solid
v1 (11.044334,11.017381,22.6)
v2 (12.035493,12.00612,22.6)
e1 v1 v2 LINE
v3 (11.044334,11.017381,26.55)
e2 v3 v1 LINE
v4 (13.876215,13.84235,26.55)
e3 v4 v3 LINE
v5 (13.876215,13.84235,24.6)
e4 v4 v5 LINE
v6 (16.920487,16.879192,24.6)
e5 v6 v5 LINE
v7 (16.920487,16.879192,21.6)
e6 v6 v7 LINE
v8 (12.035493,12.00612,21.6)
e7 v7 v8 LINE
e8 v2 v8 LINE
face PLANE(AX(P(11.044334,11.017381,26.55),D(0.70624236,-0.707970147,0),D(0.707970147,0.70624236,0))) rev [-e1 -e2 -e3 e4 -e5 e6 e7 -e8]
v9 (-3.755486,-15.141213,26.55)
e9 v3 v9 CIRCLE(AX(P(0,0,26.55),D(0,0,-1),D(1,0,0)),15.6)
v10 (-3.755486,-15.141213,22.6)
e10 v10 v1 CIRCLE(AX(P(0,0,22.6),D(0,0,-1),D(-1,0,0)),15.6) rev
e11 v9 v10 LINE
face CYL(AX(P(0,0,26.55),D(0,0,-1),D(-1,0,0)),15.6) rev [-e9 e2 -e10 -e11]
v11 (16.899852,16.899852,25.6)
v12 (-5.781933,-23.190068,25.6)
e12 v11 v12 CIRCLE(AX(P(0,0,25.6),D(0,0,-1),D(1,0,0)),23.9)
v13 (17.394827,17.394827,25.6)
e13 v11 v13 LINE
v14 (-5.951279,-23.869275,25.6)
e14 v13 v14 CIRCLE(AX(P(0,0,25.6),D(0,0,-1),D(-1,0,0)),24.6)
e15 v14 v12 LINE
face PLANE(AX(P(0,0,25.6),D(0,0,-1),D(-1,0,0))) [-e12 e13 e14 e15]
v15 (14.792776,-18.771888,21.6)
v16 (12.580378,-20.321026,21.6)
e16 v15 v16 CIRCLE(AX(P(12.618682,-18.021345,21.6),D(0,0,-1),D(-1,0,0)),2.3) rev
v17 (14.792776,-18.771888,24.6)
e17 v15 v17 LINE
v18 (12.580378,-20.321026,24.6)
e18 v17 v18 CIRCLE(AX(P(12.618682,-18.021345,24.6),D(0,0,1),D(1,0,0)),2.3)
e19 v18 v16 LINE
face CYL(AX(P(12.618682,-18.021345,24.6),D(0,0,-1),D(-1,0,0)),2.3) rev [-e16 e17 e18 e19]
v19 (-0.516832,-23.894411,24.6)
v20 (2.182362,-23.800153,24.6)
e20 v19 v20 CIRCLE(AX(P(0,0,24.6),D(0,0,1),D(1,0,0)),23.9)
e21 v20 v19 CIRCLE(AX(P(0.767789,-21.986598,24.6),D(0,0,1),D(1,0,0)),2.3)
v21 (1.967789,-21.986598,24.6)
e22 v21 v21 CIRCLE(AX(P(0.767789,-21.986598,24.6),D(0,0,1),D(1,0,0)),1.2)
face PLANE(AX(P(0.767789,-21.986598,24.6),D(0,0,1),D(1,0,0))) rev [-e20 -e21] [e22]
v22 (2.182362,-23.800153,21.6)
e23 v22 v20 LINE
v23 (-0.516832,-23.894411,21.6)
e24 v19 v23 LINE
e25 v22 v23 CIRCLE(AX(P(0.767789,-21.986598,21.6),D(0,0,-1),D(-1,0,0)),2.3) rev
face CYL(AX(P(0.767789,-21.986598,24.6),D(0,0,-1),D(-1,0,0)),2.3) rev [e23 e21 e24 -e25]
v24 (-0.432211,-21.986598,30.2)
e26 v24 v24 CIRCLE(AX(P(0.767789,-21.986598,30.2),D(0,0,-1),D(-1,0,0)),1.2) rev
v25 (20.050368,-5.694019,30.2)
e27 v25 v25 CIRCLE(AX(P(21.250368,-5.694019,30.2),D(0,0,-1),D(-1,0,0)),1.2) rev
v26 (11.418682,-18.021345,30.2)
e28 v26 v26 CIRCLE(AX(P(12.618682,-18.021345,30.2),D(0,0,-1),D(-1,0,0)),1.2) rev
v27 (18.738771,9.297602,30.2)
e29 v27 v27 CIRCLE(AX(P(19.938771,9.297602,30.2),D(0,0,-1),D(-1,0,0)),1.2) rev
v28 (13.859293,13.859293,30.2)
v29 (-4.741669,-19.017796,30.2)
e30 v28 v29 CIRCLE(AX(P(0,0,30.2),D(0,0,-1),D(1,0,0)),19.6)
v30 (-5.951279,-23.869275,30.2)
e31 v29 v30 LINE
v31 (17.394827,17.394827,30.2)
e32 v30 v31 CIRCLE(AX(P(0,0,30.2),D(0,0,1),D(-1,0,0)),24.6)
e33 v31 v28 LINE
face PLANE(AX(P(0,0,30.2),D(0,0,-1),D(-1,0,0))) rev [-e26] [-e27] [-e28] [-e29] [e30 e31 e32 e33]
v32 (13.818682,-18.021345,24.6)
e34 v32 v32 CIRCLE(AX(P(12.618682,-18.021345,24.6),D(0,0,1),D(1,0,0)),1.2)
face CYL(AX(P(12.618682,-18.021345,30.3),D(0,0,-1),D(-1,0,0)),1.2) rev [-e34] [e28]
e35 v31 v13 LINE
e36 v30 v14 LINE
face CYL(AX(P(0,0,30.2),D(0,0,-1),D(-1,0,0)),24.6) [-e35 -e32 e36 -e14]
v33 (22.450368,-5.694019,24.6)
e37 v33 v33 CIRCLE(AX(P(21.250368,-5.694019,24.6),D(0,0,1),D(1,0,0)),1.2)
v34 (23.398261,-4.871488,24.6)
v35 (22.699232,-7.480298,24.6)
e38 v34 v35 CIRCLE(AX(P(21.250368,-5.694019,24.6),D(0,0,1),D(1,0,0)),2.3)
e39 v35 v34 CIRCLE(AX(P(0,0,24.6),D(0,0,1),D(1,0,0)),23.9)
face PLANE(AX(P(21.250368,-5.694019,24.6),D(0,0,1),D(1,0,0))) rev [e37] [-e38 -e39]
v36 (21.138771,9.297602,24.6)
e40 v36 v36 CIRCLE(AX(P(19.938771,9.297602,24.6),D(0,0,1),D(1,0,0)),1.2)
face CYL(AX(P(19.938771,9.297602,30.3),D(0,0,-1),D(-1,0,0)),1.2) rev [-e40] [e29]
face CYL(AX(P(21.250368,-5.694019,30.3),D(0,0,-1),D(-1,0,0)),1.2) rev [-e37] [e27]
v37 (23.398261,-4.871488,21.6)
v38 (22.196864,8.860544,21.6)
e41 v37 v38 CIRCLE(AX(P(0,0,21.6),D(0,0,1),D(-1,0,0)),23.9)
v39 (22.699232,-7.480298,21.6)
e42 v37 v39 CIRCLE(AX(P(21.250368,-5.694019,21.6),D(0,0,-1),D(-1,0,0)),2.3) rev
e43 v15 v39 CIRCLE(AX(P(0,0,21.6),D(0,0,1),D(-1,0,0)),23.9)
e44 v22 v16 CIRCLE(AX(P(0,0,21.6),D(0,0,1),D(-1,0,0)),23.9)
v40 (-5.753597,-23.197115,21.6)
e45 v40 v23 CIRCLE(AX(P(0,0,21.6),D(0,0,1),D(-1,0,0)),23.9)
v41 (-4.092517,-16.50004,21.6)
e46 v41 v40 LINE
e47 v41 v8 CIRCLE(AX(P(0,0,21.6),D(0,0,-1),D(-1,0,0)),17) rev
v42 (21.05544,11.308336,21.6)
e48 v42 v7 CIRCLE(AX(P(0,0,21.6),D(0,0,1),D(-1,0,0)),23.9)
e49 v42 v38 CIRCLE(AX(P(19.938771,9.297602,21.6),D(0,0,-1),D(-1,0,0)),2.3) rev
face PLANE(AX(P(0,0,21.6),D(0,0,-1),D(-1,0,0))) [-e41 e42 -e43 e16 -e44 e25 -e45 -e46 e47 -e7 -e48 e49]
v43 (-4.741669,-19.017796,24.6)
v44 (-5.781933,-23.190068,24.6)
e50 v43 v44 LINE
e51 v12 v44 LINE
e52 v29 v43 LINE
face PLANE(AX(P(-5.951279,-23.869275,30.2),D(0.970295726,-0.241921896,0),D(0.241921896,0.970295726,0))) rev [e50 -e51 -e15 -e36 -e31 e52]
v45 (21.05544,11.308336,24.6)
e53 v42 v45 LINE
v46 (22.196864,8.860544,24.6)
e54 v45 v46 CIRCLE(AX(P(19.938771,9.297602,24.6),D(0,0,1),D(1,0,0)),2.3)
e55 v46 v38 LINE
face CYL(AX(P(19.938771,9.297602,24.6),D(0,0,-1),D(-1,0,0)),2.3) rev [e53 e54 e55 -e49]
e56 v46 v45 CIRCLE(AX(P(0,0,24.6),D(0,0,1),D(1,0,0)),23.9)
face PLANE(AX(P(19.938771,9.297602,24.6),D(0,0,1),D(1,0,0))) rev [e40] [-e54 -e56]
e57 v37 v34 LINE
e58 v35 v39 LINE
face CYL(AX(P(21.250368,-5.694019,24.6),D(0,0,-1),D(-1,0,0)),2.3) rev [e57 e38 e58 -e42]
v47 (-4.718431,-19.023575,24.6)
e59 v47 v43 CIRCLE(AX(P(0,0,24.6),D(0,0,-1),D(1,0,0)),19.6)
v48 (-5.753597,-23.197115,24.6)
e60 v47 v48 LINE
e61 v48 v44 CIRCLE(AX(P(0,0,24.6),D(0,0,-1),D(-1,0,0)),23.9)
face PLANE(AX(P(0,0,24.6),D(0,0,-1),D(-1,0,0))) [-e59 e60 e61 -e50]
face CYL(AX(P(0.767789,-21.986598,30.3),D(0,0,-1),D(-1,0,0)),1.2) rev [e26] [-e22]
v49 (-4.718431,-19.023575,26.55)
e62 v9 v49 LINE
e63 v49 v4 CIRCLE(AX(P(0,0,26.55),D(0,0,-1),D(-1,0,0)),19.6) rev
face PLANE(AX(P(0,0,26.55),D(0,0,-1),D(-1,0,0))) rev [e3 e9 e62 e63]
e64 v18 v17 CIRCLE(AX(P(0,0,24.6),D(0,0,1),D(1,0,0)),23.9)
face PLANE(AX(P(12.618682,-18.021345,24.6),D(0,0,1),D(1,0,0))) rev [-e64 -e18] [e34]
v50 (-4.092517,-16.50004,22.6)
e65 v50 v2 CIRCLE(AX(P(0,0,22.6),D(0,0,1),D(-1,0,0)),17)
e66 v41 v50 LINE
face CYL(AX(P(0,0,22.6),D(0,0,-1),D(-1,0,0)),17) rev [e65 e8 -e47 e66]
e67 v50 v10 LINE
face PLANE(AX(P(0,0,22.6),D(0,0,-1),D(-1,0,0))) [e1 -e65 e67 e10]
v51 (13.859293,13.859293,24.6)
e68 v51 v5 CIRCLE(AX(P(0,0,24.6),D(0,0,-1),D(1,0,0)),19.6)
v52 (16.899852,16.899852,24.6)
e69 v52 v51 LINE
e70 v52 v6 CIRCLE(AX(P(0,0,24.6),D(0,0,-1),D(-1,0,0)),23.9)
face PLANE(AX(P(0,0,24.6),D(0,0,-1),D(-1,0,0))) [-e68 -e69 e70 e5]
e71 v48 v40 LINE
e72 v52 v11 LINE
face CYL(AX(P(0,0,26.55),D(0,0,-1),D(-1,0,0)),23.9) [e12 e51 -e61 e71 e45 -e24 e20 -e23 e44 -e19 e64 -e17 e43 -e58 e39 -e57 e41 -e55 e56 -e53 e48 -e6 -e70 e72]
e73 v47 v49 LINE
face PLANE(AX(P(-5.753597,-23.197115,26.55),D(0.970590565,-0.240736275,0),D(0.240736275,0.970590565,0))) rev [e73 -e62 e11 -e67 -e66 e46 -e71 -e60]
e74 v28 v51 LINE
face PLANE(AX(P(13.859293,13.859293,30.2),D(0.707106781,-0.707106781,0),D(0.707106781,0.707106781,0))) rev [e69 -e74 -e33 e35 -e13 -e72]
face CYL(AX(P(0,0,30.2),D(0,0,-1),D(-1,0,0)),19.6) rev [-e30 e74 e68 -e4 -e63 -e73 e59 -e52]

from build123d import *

# Parameters (mm, degrees)
BOSS_1_DEPTH  = 5.6
BOSS_2_DEPTH  = 4.95
CUT_3_DEPTH   = 1.1
CUT_4_DEPTH   = 1.1
S_HOLE5_R     = 1.2
HOLE_5_DEPTH  = 8.8
S_HOLE6_R     = 2.3
HOLE_6_DEPTH  = 3.1
S_HOLE7_R     = 1.2
HOLE_7_DEPTH  = 8.8
S_HOLE8_R     = 2.3
HOLE_8_DEPTH  = 3.1
S_HOLE9_R     = 1.2
HOLE_9_DEPTH  = 8.8
S_HOLE10_R    = 2.3
HOLE_10_DEPTH = 3.1
S_HOLE11_R    = 1.2
HOLE_11_DEPTH = 8.8
S_HOLE12_R    = 2.3
HOLE_12_DEPTH = 3.1


with BuildPart() as part:
    # S_prism1 → Boss_1 (new body)
    with BuildSketch(Plane.XY.offset(24.6)):
        with BuildLine():
            Line((-5.951278632, -23.869274866), (-4.741669154, -19.017796235))
            ThreePointArc((-4.741669154, -19.017796235), (17.05897164, -9.651501778), (13.859292911, 13.859292911))
            Line((13.859292911, 13.859292911), (17.394826817, 17.394826817))
            ThreePointArc((17.394826817, 17.394826817), (21.41075012, -12.113619579), (-5.951278632, -23.869274866))
        make_face()
    extrude(amount=BOSS_1_DEPTH)

    # S_prism2 → Boss_2 (add)
    with BuildSketch(Plane.XY.offset(21.6)):
        with BuildLine():
            Line((-5.753596984, -23.197114513), (-3.755485898, -15.14121282))
            ThreePointArc((-3.755485898, -15.14121282), (13.577548857, -7.681807538), (11.044334296, 11.017380812))
            Line((11.044334296, 11.017380812), (16.920486517, 16.879192399))
            ThreePointArc((16.920486517, 16.879192399), (20.801501133, -11.768923086), (-5.753596984, -23.197114513))
        make_face()
    extrude(amount=BOSS_2_DEPTH)

    # S_pcut3 → Cut_3 (cut)
    with BuildSketch(Plane.XY.offset(24.5)):
        with BuildLine():
            Line((-6.418712319, -23.954960492), (-6.185775178, -23.085627248))
            ThreePointArc((-6.185775178, -23.085627248), (20.801501133, -11.768923086), (16.602335054, 17.192221228))
            Line((16.602335054, 17.192221228), (17.227527587, 17.839627048))
            ThreePointArc((17.227527587, 17.839627048), (21.584821259, -12.212104291), (-6.418712319, -23.954960492))
        make_face()
    extrude(amount=CUT_3_DEPTH, mode=Mode.SUBTRACT)

    # S_pcut4 → Cut_4 (cut)
    with BuildSketch(Plane.XY.offset(21.5)):
        with BuildLine():
            Line((-4.399923767, -16.420739047), (-4.011695199, -14.971850307))
            ThreePointArc((-4.011695199, -14.971850307), (13.490513287, -7.632565182), (10.767204742, 11.149766905))
            Line((10.767204742, 11.149766905), (11.809192298, 12.228776606))
            ThreePointArc((11.809192298, 12.228776606), (14.796046831, -8.371200522), (-4.399923767, -16.420739047))
        make_face()
    extrude(amount=CUT_4_DEPTH, mode=Mode.SUBTRACT)

    # S_hole5 → Hole_5 (cut)
    with BuildSketch(Plane.XY.offset(21.5)):
        with Locations(Location((19.938771315, 9.297601758, 0), (0, 0, 180))):
            Circle(S_HOLE5_R)
    extrude(amount=HOLE_5_DEPTH, mode=Mode.SUBTRACT)

    # S_hole6 → Hole_6 (cut)
    with BuildSketch(Plane.XY.offset(21.5)):
        with Locations((19.938771315, 9.297601758)):
            Circle(S_HOLE6_R)
    extrude(amount=HOLE_6_DEPTH, mode=Mode.SUBTRACT)

    # S_hole7 → Hole_7 (cut)
    with BuildSketch(Plane.XY.offset(21.5)):
        with Locations(Location((21.250368178, -5.694018992, 0), (0, 0, 180))):
            Circle(S_HOLE7_R)
    extrude(amount=HOLE_7_DEPTH, mode=Mode.SUBTRACT)

    # S_hole8 → Hole_8 (cut)
    with BuildSketch(Plane.XY.offset(21.5)):
        with Locations((21.250368178, -5.694018992)):
            Circle(S_HOLE8_R)
    extrude(amount=HOLE_8_DEPTH, mode=Mode.SUBTRACT)

    # S_hole9 → Hole_9 (cut)
    with BuildSketch(Plane.XY.offset(21.5)):
        with Locations(Location((12.6186816, -18.021344974, 0), (0, 0, 180))):
            Circle(S_HOLE9_R)
    extrude(amount=HOLE_9_DEPTH, mode=Mode.SUBTRACT)

    # S_hole10 → Hole_10 (cut)
    with BuildSketch(Plane.XY.offset(21.5)):
        with Locations((12.6186816, -18.021344974)):
            Circle(S_HOLE10_R)
    extrude(amount=HOLE_10_DEPTH, mode=Mode.SUBTRACT)

    # S_hole11 → Hole_11 (cut)
    with BuildSketch(Plane.XY.offset(21.5)):
        with Locations(Location((0.767788927, -21.986598194, 0), (0, 0, 180))):
            Circle(S_HOLE11_R)
    extrude(amount=HOLE_11_DEPTH, mode=Mode.SUBTRACT)

    # S_hole12 → Hole_12 (cut)
    with BuildSketch(Plane.XY.offset(21.5)):
        with Locations((0.767788927, -21.986598194)):
            Circle(S_HOLE12_R)
    extrude(amount=HOLE_12_DEPTH, mode=Mode.SUBTRACT)


solid = part.part
